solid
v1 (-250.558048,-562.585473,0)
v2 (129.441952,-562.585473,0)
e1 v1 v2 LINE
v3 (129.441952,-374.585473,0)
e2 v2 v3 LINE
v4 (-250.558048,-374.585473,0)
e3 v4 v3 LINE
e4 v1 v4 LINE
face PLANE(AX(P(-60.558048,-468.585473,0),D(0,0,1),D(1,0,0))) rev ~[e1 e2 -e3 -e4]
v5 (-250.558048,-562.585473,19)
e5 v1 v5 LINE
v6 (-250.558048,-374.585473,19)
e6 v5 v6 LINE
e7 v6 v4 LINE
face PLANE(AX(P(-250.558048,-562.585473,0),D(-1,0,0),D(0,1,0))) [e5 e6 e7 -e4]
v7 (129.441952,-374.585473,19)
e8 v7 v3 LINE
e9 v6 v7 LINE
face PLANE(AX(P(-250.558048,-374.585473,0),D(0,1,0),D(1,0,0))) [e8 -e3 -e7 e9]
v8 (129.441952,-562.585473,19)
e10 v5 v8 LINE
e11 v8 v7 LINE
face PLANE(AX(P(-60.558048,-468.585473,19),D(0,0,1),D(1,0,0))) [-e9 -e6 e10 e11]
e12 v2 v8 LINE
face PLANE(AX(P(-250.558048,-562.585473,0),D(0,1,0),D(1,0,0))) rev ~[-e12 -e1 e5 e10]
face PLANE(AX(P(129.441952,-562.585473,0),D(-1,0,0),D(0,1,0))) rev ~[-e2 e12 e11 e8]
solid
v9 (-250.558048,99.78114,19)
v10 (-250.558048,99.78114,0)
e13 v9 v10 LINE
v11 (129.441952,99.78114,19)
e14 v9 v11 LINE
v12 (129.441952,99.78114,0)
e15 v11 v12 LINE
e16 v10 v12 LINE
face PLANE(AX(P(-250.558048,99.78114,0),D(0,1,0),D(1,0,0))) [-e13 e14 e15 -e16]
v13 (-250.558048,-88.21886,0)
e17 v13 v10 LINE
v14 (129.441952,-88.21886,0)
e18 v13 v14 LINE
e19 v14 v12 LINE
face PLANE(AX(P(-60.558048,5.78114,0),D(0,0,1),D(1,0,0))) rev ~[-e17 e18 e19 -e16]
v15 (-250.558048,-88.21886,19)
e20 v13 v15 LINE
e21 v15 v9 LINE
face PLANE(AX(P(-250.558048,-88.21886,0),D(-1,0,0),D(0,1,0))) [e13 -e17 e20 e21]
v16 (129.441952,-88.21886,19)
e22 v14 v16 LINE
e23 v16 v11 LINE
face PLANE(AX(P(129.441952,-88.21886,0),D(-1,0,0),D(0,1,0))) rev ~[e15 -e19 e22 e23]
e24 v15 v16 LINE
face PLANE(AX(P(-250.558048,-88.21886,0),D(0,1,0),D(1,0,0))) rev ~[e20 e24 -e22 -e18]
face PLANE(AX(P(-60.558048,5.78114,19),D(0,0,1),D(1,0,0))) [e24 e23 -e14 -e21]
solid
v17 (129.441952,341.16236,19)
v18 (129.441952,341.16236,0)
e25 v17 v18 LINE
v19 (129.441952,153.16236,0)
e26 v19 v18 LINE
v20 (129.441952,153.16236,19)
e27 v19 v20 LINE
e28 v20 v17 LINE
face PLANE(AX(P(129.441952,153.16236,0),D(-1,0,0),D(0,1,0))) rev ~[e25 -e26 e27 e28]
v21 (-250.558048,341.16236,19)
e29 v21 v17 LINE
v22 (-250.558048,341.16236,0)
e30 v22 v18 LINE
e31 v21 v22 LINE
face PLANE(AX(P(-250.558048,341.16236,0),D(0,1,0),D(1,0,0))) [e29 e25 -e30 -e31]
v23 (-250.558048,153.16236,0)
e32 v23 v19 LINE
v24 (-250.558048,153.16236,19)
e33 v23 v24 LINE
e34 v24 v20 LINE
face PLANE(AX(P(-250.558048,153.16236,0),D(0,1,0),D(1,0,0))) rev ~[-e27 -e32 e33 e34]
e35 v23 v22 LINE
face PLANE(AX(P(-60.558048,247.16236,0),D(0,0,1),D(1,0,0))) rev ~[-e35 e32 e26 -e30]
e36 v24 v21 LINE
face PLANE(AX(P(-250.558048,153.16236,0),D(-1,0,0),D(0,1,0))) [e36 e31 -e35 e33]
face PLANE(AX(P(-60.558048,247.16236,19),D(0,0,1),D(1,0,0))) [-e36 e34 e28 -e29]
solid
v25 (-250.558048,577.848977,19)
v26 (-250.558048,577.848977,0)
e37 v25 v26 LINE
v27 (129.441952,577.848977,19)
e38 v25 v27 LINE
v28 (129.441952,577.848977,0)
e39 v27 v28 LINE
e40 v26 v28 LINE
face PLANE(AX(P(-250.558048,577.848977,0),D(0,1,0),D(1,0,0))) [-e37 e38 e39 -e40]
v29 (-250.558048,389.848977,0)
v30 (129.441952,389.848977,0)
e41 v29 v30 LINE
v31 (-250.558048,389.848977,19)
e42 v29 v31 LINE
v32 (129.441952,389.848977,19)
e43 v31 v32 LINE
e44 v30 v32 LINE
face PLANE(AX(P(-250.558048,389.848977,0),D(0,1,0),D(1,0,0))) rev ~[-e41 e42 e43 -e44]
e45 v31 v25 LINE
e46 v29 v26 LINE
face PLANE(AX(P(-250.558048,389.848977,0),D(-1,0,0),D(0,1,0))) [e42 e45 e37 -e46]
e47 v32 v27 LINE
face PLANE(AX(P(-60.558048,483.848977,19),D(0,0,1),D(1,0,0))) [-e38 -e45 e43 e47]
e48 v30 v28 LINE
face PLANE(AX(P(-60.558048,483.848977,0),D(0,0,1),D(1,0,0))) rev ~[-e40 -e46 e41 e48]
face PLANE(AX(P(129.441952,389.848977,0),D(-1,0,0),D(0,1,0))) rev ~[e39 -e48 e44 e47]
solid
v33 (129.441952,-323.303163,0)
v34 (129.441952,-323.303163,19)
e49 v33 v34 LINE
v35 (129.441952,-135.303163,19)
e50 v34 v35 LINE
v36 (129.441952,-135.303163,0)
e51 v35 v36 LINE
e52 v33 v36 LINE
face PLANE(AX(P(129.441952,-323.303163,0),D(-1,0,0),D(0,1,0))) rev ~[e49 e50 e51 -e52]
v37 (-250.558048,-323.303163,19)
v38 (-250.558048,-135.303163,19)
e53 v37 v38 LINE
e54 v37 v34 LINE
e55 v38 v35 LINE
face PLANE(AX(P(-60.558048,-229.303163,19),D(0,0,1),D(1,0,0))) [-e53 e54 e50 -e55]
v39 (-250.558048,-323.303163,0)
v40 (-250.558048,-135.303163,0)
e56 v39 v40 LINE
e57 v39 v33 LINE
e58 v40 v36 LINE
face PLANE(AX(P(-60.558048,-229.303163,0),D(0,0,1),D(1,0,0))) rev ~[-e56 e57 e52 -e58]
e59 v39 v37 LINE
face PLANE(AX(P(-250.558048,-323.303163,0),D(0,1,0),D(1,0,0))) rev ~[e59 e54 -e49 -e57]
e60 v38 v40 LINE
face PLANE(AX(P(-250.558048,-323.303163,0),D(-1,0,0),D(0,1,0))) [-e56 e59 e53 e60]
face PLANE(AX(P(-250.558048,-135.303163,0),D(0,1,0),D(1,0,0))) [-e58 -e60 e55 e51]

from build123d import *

# Parameters (mm, degrees)
F0_W     = 380
F0_H     = 188
F1_DEPTH = 19
F2_DEPTH = 18


with BuildPart() as f1:
    # F0 (on Top) → F1 (new body)
    with BuildSketch(Plane.XY):
        with Locations((-60.5580484867, 247.1623601913)):
            Rectangle(F0_W, F0_H)
    extrude(amount=F1_DEPTH)

    # F0 (on Top) → F2, piece 2 (join)
    with BuildSketch(Plane.XY):
        with Locations((-60.5580484867, 247.1623601913)):
            Rectangle(F0_W, F0_H)
    extrude(amount=F2_DEPTH)


with BuildPart() as f1b:
    # F0 (on Top) → F1, piece 2 (new body)
    with BuildSketch(Plane.XY):
        with Locations((-60.5580484867, 483.8489773273)):
            Rectangle(F0_W, F0_H)
    extrude(amount=F1_DEPTH)

    # F0 (on Top) → F2 (join)
    with BuildSketch(Plane.XY):
        with Locations((-60.5580484867, 483.8489773273)):
            Rectangle(F0_W, F0_H)
    extrude(amount=F2_DEPTH)


with BuildPart() as f1c:
    # F0 (on Top) → F1, piece 3 (new body)
    with BuildSketch(Plane.XY):
        with Locations((-60.5580484867, 5.7811396718)):
            Rectangle(F0_W, F0_H)
    extrude(amount=F1_DEPTH)

    # F0 (on Top) → F2, piece 3 (join)
    with BuildSketch(Plane.XY):
        with Locations((-60.5580484867, 5.7811396718)):
            Rectangle(F0_W, F0_H)
    extrude(amount=F2_DEPTH)


with BuildPart() as f1d:
    # F0 (on Top) → F1, piece 4 (new body)
    with BuildSketch(Plane.XY):
        with Locations((-60.5580484867, -229.3031630516)):
            Rectangle(F0_W, F0_H)
    extrude(amount=F1_DEPTH)

    # F0 (on Top) → F2, piece 4 (join)
    with BuildSketch(Plane.XY):
        with Locations((-60.5580484867, -229.3031630516)):
            Rectangle(F0_W, F0_H)
    extrude(amount=F2_DEPTH)


with BuildPart() as f1e:
    # F0 (on Top) → F1, piece 5 (new body)
    with BuildSketch(Plane.XY):
        with Locations((-60.5580484867, -468.5854730606)):
            Rectangle(F0_W, F0_H)
    extrude(amount=F1_DEPTH)

    # F0 (on Top) → F2, piece 5 (join)
    with BuildSketch(Plane.XY):
        with Locations((-60.5580484867, -468.5854730606)):
            Rectangle(F0_W, F0_H)
    extrude(amount=F2_DEPTH)


solid = Compound([f1.part, f1b.part, f1c.part, f1d.part, f1e.part])
